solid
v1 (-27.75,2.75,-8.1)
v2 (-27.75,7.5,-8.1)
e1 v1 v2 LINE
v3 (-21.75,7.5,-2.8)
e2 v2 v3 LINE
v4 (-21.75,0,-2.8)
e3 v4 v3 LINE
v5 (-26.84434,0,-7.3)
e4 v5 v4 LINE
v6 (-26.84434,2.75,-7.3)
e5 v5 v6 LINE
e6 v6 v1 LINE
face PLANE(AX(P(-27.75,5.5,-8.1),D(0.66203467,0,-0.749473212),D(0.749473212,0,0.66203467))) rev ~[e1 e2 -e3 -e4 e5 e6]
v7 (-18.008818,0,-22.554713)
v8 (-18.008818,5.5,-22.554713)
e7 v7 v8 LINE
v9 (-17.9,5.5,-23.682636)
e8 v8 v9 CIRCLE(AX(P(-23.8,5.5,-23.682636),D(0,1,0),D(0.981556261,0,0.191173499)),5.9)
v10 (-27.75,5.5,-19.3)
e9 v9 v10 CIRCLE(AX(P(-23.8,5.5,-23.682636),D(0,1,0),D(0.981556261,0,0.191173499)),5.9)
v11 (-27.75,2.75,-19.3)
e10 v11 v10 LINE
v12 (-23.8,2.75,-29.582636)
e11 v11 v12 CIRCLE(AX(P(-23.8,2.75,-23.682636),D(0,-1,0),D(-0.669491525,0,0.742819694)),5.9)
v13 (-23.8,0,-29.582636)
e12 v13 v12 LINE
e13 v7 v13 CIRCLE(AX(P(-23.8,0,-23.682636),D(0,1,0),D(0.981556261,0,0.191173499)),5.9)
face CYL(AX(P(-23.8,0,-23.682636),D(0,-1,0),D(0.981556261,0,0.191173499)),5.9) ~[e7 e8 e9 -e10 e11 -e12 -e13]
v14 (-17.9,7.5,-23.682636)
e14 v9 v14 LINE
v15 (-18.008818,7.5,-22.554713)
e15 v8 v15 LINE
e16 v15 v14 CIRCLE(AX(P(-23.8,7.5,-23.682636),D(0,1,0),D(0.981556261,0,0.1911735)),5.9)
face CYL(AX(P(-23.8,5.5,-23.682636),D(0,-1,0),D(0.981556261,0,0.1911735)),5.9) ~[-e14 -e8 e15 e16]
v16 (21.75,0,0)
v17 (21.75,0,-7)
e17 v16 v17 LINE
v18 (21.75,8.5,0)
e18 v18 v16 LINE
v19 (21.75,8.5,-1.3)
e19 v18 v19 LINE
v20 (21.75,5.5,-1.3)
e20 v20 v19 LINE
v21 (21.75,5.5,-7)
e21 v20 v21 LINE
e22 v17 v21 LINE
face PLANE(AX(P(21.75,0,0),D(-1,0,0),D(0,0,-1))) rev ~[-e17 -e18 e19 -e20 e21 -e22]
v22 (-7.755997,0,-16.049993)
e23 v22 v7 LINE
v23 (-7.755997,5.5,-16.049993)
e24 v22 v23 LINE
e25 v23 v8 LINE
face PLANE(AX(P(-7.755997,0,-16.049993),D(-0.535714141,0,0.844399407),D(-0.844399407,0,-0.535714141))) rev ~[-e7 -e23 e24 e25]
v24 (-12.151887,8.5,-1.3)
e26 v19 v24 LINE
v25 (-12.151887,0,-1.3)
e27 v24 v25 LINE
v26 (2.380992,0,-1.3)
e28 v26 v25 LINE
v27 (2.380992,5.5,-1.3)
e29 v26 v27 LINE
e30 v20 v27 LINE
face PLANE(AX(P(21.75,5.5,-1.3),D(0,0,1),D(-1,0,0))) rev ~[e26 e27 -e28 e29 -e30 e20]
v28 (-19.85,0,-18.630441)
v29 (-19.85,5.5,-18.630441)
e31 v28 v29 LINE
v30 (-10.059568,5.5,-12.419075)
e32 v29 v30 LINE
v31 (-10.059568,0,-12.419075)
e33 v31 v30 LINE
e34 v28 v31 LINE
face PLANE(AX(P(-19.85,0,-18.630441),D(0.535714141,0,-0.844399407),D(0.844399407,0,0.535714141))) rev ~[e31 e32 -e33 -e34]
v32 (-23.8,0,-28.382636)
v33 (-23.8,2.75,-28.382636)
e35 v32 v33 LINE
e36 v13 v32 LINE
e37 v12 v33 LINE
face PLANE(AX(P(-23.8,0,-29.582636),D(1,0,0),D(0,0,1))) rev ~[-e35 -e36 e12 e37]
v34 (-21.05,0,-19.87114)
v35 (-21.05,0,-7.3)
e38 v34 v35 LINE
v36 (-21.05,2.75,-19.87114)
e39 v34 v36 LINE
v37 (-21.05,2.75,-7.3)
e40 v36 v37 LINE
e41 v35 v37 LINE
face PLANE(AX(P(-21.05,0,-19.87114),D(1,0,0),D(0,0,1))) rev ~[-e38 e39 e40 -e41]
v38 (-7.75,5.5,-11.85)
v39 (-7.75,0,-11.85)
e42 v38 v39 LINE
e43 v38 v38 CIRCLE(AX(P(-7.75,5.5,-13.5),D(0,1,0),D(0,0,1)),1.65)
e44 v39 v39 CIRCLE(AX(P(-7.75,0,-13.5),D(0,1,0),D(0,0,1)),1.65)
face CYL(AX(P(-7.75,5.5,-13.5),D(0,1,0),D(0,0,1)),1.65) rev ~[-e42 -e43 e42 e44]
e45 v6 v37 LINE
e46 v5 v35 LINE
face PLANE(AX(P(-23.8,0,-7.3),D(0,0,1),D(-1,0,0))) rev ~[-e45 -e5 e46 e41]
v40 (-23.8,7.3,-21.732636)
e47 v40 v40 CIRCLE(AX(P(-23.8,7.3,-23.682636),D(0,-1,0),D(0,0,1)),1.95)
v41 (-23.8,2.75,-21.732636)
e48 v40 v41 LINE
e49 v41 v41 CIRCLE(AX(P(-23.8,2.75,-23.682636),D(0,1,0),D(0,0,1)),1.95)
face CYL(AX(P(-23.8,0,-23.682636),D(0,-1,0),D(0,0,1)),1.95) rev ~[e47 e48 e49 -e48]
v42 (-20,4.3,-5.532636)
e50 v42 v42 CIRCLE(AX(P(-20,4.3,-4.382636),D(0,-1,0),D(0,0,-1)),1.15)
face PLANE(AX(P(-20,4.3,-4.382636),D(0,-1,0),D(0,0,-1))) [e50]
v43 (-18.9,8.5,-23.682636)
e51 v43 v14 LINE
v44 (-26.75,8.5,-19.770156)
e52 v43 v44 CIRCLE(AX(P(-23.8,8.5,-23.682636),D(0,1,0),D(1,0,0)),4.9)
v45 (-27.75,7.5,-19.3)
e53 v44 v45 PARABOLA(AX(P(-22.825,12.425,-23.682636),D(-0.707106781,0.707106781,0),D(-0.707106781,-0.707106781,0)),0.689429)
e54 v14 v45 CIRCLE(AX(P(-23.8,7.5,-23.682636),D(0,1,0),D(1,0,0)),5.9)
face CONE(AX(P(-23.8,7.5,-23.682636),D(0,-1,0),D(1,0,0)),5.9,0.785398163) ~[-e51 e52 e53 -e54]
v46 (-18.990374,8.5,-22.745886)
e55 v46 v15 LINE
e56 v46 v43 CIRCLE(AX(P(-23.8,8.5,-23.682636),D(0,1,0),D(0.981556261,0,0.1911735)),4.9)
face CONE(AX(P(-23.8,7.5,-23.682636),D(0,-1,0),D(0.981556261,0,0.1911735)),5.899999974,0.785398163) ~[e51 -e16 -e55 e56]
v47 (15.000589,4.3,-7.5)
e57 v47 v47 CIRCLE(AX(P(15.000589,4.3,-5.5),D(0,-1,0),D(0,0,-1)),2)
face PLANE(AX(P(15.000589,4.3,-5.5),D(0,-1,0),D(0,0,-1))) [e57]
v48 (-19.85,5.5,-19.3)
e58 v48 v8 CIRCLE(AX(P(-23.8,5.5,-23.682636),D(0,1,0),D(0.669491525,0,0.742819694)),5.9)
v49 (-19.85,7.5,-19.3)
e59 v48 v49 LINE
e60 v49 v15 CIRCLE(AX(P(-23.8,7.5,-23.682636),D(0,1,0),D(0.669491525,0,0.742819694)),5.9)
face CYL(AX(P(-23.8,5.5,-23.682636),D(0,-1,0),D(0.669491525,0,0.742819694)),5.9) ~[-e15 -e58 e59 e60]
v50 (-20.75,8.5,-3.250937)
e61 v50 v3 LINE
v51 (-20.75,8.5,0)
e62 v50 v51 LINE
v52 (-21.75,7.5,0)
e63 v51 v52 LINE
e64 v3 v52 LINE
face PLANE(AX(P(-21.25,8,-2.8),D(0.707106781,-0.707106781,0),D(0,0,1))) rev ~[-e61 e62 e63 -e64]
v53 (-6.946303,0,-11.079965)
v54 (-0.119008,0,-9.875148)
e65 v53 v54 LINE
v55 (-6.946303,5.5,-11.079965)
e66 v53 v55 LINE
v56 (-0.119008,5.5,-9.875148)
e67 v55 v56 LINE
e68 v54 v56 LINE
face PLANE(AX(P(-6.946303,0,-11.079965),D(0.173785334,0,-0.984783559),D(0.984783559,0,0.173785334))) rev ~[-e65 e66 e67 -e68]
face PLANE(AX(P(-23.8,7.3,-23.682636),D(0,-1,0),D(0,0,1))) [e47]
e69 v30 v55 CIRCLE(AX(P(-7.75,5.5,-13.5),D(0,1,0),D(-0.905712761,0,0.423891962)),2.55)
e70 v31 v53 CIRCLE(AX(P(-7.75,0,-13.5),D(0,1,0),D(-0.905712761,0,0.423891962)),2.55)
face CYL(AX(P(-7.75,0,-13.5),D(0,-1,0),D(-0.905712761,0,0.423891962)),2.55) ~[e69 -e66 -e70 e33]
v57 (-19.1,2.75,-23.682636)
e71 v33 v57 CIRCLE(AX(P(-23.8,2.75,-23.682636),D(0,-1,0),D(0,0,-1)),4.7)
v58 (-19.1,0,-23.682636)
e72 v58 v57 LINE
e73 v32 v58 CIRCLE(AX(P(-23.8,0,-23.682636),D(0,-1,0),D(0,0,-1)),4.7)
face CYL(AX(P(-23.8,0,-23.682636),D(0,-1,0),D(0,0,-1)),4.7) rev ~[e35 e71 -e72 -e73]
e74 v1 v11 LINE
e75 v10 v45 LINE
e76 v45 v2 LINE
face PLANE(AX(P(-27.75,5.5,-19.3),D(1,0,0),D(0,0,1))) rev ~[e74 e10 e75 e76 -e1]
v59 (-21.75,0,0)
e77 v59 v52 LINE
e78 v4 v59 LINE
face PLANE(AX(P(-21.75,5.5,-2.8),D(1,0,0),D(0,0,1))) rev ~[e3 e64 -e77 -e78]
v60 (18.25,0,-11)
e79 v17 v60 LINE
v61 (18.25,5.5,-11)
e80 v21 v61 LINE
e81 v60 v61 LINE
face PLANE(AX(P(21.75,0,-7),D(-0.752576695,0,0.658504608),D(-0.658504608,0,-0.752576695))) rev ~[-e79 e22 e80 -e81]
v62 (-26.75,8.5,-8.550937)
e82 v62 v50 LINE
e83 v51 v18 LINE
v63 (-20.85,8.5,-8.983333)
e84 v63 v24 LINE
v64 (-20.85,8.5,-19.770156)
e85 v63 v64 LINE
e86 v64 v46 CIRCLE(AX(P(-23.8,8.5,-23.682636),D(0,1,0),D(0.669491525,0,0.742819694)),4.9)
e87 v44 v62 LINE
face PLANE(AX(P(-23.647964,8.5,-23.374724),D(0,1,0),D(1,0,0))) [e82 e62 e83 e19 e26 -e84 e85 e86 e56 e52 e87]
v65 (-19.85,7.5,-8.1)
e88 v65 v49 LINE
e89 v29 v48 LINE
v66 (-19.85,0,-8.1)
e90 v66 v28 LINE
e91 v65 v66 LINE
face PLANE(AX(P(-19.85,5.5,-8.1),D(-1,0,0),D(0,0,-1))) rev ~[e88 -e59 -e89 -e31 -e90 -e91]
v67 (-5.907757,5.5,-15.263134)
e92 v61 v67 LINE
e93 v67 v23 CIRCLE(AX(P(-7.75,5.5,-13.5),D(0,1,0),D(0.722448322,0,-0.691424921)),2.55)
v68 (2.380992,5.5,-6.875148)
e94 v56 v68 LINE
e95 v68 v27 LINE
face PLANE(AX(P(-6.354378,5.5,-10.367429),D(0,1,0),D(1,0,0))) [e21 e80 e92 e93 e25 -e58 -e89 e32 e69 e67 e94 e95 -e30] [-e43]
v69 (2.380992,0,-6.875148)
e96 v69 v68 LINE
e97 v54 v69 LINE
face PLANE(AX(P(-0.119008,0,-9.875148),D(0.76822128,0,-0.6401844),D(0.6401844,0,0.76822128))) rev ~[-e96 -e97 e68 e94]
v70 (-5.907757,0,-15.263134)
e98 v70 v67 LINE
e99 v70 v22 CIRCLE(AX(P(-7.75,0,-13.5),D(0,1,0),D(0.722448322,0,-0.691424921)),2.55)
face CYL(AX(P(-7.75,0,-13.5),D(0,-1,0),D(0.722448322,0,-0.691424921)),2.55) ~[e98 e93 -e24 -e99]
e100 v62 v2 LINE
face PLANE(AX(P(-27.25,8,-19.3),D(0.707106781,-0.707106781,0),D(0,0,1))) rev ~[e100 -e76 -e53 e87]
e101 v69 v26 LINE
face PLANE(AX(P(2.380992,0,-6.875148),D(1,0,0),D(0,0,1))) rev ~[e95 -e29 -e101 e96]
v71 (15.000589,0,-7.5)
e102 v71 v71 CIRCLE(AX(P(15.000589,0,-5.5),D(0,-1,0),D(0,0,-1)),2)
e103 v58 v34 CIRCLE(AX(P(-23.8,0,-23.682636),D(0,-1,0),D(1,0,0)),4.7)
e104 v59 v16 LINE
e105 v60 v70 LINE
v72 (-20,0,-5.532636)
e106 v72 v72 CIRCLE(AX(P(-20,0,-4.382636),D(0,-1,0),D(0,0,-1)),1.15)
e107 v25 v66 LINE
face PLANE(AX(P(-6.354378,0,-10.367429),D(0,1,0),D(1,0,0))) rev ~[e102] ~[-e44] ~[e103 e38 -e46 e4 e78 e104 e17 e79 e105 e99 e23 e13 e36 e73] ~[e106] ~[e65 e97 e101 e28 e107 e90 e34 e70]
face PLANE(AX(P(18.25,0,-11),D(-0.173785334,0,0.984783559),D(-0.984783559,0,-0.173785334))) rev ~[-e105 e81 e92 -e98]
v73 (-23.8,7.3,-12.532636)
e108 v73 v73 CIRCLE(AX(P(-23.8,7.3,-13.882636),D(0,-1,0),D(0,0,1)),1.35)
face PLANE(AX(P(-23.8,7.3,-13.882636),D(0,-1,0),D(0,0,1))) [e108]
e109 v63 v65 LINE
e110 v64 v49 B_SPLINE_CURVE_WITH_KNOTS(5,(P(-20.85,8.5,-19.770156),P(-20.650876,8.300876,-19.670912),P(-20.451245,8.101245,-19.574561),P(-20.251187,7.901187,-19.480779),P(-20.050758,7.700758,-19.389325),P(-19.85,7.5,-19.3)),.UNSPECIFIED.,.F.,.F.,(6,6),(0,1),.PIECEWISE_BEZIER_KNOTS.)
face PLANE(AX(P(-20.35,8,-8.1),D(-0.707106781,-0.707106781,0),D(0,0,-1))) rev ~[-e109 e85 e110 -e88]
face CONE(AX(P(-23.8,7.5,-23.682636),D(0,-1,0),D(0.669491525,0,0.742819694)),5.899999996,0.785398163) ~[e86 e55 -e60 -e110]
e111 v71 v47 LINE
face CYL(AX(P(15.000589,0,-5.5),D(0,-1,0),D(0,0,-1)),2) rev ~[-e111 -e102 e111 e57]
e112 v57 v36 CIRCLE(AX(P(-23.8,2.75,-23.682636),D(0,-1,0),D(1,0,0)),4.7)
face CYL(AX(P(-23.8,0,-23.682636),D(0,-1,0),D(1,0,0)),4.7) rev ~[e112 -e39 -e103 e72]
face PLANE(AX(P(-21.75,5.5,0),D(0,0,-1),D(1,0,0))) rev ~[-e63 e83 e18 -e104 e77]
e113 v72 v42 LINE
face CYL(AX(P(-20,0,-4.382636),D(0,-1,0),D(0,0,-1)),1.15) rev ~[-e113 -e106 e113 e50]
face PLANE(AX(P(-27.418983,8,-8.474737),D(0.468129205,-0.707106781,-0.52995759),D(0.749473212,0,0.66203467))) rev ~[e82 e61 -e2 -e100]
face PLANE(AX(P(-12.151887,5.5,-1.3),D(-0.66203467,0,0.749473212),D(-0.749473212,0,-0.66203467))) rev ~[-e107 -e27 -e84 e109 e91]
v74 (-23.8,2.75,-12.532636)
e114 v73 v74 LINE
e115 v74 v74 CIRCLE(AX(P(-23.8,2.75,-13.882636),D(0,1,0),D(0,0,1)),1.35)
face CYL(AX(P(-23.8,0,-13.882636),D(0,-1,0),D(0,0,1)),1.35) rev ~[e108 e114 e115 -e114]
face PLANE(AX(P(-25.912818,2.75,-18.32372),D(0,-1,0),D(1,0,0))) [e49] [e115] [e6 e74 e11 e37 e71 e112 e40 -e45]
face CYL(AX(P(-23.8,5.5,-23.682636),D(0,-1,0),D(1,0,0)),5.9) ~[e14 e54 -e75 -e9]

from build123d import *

# Parameters (mm, degrees)
BOSS_EXTRUDE1_DEPTH = 5.5
SKETCH2_R           = 1.65
CUT_EXTRUDE1_DEPTH  = 5.5
BOSS_EXTRUDE2_DEPTH = 3
CUT_EXTRUDE2_DEPTH  = 2.75
SKETCH5_R           = 1.95
SKETCH5_R_2         = 1.35
SKETCH5_R_3         = 1.15
SKETCH5_R_4         = 2
CUT_EXTRUDE3_DEPTH  = 4.3
SKETCH7_R           = 1.95
SKETCH7_R_2         = 1.35
CUT_EXTRUDE4_DEPTH  = 3
CHAMFER1_SIZE       = 1
CUT_EXTRUDE5_DEPTH  = 2.75


with BuildPart() as part:
    # Sketch1 → Boss-Extrude1 (new body)
    with BuildSketch(Plane(origin=(0, 0, 0), x_dir=(1, 0, 0), z_dir=(0, 1, 0))):
        with BuildLine():
            Line((-7.755996733, 16.049992949), (-18.008818061, 22.554712546))
            ThreePointArc((-18.008818061, 22.554712546), (-25.669699487, 29.278547542), (-27.75, 19.3))
            Line((-27.75, 19.3), (-27.75, 8.1))
            Line((-27.75, 8.1), (-21.75, 2.8))
            Line((-21.75, 2.8), (-21.75, 0))
            Line((-21.75, 0), (21.75, 0))
            Line((21.75, 0), (21.75, 7))
            Line((21.75, 7), (18.25, 11))
            Line((18.25, 11), (-5.907756778, 15.263133549))
            ThreePointArc((-5.907756778, 15.263133549), (-6.75113203, 15.846223088), (-7.755996733, 16.049992949))
        make_face()
        with BuildLine():
            Line((-19.85, 18.630440726), (-10.05956754, 12.419075498))
            ThreePointArc((-10.05956754, 12.419075498), (-8.75757921, 11.15750472), (-6.94630287, 11.079964685))
            Line((-6.94630287, 11.079964685), (-0.119008465, 9.875148026))
            Line((-0.119008465, 9.875148026), (2.380991535, 6.875148026))
            Line((2.380991535, 6.875148026), (2.380991535, 1.3))
            Line((2.380991535, 1.3), (-12.151886792, 1.3))
            Line((-12.151886792, 1.3), (-19.85, 8.1))
            Line((-19.85, 8.1), (-19.85, 18.630440726))
        make_face(mode=Mode.SUBTRACT)
    extrude(amount=BOSS_EXTRUDE1_DEPTH)

    # Sketch2 → Cut-Extrude1 (cut)
    with BuildSketch(Plane(origin=(0, 5.5, 0), x_dir=(1, 0, 0), z_dir=(0, 1, 0))):
        with Locations(Location((-7.75, 13.5, 0), (0, 0, 270))):
            Circle(SKETCH2_R)
    extrude(amount=-CUT_EXTRUDE1_DEPTH, mode=Mode.SUBTRACT)

    # Sketch3 → Boss-Extrude2 (add)
    with BuildSketch(Plane(origin=(0, 5.5, 0), x_dir=(1, 0, 0), z_dir=(0, 1, 0))):
        with BuildLine():
            ThreePointArc((-27.75, 19.3), (-23.8, 17.782636193), (-19.85, 19.3))
            ThreePointArc((-19.85, 19.3), (-18.664735174, 20.777631), (-18.008818061, 22.554712546))
            ThreePointArc((-18.008818061, 22.554712546), (-17.927267525, 23.116055854), (-17.9, 23.682636193))
            ThreePointArc((-17.9, 23.682636193), (-26.198436991, 29.073137097), (-27.75, 19.3))
        make_face()
        with BuildLine():
            Line((-12.151886792, 1.3), (-19.85, 8.1))
            Line((-19.85, 8.1), (-19.85, 18.630440726))
            Line((-19.85, 18.630440726), (-19.85, 19.3))
            ThreePointArc((-19.85, 19.3), (-23.8, 17.782636193), (-27.75, 19.3))
            Line((-27.75, 19.3), (-27.75, 8.1))
            Line((-27.75, 8.1), (-21.75, 2.8))
            Line((-21.75, 2.8), (-21.75, 0))
            Line((-21.75, 0), (21.75, 0))
            Line((21.75, 0), (21.75, 1.3))
            Line((21.75, 1.3), (2.380991535, 1.3))
            Line((2.380991535, 1.3), (-12.151886792, 1.3))
        make_face()
    extrude(amount=BOSS_EXTRUDE2_DEPTH)

    # Sketch4 → Cut-Extrude2 (cut)
    with BuildSketch(Plane.XZ):
        with BuildLine():
            ThreePointArc((-27.75, -19.3), (-29.307610804, -25.798344876), (-23.8, -29.582636193))
            Line((-23.8, -29.582636193), (-23.8, -7.3))
            Line((-23.8, -7.3), (-26.844339623, -7.3))
            Line((-26.844339623, -7.3), (-27.75, -8.1))
            Line((-27.75, -8.1), (-27.75, -19.3))
        make_face()
    extrude(amount=-CUT_EXTRUDE2_DEPTH, mode=Mode.SUBTRACT)

    # Sketch5 → Cut-Extrude3 (cut)
    with BuildSketch(Plane.XZ):
        with Locations(Location((-23.8, -23.682636193, 0), (0, 0, 90))):
            Circle(SKETCH5_R)
        with Locations(Location((-23.8, -13.882636193, 0), (0, 0, 90))):
            Circle(SKETCH5_R_2)
        with Locations(Location((-20, -4.382636193, 0), (0, 0, 270))):
            Circle(SKETCH5_R_3)
        with Locations(Location((15.000589162, -5.5, 0), (0, 0, 270))):
            Circle(SKETCH5_R_4)
    extrude(amount=-CUT_EXTRUDE3_DEPTH, mode=Mode.SUBTRACT)

    # Sketch7 → Cut-Extrude4 (cut)
    with BuildSketch(Plane.XZ.offset(-4.3)):
        with Locations(Location((-23.8, -23.682636193, 0), (0, 0, 90))):
            Circle(SKETCH7_R)
        with Locations(Location((-23.8, -13.882636193, 0), (0, 0, 90))):
            Circle(SKETCH7_R_2)
    extrude(amount=-CUT_EXTRUDE4_DEPTH, mode=Mode.SUBTRACT)

    # Chamfer1
    chamfer1_edges = [part.edges().sort_by_distance(p)[0] for p in [
        (-23.8, 8.5, -29.582636193),
        (-27.75, 8.5, -13.7),
        (-24.75, 8.5, -5.45),
        (-21.75, 8.5, -1.4),
        (-19.85, 8.5, -13.7),
    ]]
    chamfer(chamfer1_edges, length=CHAMFER1_SIZE)

    # Sketch8 → Cut-Extrude5 (cut)
    with BuildSketch(Plane.XZ):
        with BuildLine():
            Line((-21.05, -7.3), (-23.8, -7.3))
            Line((-23.8, -7.3), (-23.8, -12.532636193))
            ThreePointArc((-23.8, -12.532636193), (-22.45, -13.882636193), (-23.8, -15.232636193))
            Line((-23.8, -15.232636193), (-23.8, -18.982636193))
            ThreePointArc((-23.8, -18.982636193), (-22.355013861, -19.210274953), (-21.05, -19.871140424))
            Line((-21.05, -19.871140424), (-21.05, -7.3))
        make_face()
        with BuildLine():
            ThreePointArc((-19.1, -23.682636193), (-19.615803542, -21.54195873), (-21.05, -19.871140424))
            ThreePointArc((-21.05, -19.871140424), (-22.355013861, -19.210274953), (-23.8, -18.982636193))
            Line((-23.8, -18.982636193), (-23.8, -21.732636193))
            ThreePointArc((-23.8, -21.732636193), (-21.85, -23.682636193), (-23.8, -25.632636193))
            Line((-23.8, -25.632636193), (-23.8, -28.382636193))
            ThreePointArc((-23.8, -28.382636193), (-20.476598128, -27.006038065), (-19.1, -23.682636193))
        make_face()
        with BuildLine():
            Line((-23.8, -21.732636193), (-23.8, -18.982636193))
            ThreePointArc((-23.8, -18.982636193), (-28.5, -23.682636193), (-23.8, -28.382636193))
            Line((-23.8, -28.382636193), (-23.8, -25.632636193))
            ThreePointArc((-23.8, -25.632636193), (-21.85, -23.682636193), (-23.8, -21.732636193))
        make_face()
    extrude(amount=-CUT_EXTRUDE5_DEPTH, mode=Mode.SUBTRACT)


solid = part.part
